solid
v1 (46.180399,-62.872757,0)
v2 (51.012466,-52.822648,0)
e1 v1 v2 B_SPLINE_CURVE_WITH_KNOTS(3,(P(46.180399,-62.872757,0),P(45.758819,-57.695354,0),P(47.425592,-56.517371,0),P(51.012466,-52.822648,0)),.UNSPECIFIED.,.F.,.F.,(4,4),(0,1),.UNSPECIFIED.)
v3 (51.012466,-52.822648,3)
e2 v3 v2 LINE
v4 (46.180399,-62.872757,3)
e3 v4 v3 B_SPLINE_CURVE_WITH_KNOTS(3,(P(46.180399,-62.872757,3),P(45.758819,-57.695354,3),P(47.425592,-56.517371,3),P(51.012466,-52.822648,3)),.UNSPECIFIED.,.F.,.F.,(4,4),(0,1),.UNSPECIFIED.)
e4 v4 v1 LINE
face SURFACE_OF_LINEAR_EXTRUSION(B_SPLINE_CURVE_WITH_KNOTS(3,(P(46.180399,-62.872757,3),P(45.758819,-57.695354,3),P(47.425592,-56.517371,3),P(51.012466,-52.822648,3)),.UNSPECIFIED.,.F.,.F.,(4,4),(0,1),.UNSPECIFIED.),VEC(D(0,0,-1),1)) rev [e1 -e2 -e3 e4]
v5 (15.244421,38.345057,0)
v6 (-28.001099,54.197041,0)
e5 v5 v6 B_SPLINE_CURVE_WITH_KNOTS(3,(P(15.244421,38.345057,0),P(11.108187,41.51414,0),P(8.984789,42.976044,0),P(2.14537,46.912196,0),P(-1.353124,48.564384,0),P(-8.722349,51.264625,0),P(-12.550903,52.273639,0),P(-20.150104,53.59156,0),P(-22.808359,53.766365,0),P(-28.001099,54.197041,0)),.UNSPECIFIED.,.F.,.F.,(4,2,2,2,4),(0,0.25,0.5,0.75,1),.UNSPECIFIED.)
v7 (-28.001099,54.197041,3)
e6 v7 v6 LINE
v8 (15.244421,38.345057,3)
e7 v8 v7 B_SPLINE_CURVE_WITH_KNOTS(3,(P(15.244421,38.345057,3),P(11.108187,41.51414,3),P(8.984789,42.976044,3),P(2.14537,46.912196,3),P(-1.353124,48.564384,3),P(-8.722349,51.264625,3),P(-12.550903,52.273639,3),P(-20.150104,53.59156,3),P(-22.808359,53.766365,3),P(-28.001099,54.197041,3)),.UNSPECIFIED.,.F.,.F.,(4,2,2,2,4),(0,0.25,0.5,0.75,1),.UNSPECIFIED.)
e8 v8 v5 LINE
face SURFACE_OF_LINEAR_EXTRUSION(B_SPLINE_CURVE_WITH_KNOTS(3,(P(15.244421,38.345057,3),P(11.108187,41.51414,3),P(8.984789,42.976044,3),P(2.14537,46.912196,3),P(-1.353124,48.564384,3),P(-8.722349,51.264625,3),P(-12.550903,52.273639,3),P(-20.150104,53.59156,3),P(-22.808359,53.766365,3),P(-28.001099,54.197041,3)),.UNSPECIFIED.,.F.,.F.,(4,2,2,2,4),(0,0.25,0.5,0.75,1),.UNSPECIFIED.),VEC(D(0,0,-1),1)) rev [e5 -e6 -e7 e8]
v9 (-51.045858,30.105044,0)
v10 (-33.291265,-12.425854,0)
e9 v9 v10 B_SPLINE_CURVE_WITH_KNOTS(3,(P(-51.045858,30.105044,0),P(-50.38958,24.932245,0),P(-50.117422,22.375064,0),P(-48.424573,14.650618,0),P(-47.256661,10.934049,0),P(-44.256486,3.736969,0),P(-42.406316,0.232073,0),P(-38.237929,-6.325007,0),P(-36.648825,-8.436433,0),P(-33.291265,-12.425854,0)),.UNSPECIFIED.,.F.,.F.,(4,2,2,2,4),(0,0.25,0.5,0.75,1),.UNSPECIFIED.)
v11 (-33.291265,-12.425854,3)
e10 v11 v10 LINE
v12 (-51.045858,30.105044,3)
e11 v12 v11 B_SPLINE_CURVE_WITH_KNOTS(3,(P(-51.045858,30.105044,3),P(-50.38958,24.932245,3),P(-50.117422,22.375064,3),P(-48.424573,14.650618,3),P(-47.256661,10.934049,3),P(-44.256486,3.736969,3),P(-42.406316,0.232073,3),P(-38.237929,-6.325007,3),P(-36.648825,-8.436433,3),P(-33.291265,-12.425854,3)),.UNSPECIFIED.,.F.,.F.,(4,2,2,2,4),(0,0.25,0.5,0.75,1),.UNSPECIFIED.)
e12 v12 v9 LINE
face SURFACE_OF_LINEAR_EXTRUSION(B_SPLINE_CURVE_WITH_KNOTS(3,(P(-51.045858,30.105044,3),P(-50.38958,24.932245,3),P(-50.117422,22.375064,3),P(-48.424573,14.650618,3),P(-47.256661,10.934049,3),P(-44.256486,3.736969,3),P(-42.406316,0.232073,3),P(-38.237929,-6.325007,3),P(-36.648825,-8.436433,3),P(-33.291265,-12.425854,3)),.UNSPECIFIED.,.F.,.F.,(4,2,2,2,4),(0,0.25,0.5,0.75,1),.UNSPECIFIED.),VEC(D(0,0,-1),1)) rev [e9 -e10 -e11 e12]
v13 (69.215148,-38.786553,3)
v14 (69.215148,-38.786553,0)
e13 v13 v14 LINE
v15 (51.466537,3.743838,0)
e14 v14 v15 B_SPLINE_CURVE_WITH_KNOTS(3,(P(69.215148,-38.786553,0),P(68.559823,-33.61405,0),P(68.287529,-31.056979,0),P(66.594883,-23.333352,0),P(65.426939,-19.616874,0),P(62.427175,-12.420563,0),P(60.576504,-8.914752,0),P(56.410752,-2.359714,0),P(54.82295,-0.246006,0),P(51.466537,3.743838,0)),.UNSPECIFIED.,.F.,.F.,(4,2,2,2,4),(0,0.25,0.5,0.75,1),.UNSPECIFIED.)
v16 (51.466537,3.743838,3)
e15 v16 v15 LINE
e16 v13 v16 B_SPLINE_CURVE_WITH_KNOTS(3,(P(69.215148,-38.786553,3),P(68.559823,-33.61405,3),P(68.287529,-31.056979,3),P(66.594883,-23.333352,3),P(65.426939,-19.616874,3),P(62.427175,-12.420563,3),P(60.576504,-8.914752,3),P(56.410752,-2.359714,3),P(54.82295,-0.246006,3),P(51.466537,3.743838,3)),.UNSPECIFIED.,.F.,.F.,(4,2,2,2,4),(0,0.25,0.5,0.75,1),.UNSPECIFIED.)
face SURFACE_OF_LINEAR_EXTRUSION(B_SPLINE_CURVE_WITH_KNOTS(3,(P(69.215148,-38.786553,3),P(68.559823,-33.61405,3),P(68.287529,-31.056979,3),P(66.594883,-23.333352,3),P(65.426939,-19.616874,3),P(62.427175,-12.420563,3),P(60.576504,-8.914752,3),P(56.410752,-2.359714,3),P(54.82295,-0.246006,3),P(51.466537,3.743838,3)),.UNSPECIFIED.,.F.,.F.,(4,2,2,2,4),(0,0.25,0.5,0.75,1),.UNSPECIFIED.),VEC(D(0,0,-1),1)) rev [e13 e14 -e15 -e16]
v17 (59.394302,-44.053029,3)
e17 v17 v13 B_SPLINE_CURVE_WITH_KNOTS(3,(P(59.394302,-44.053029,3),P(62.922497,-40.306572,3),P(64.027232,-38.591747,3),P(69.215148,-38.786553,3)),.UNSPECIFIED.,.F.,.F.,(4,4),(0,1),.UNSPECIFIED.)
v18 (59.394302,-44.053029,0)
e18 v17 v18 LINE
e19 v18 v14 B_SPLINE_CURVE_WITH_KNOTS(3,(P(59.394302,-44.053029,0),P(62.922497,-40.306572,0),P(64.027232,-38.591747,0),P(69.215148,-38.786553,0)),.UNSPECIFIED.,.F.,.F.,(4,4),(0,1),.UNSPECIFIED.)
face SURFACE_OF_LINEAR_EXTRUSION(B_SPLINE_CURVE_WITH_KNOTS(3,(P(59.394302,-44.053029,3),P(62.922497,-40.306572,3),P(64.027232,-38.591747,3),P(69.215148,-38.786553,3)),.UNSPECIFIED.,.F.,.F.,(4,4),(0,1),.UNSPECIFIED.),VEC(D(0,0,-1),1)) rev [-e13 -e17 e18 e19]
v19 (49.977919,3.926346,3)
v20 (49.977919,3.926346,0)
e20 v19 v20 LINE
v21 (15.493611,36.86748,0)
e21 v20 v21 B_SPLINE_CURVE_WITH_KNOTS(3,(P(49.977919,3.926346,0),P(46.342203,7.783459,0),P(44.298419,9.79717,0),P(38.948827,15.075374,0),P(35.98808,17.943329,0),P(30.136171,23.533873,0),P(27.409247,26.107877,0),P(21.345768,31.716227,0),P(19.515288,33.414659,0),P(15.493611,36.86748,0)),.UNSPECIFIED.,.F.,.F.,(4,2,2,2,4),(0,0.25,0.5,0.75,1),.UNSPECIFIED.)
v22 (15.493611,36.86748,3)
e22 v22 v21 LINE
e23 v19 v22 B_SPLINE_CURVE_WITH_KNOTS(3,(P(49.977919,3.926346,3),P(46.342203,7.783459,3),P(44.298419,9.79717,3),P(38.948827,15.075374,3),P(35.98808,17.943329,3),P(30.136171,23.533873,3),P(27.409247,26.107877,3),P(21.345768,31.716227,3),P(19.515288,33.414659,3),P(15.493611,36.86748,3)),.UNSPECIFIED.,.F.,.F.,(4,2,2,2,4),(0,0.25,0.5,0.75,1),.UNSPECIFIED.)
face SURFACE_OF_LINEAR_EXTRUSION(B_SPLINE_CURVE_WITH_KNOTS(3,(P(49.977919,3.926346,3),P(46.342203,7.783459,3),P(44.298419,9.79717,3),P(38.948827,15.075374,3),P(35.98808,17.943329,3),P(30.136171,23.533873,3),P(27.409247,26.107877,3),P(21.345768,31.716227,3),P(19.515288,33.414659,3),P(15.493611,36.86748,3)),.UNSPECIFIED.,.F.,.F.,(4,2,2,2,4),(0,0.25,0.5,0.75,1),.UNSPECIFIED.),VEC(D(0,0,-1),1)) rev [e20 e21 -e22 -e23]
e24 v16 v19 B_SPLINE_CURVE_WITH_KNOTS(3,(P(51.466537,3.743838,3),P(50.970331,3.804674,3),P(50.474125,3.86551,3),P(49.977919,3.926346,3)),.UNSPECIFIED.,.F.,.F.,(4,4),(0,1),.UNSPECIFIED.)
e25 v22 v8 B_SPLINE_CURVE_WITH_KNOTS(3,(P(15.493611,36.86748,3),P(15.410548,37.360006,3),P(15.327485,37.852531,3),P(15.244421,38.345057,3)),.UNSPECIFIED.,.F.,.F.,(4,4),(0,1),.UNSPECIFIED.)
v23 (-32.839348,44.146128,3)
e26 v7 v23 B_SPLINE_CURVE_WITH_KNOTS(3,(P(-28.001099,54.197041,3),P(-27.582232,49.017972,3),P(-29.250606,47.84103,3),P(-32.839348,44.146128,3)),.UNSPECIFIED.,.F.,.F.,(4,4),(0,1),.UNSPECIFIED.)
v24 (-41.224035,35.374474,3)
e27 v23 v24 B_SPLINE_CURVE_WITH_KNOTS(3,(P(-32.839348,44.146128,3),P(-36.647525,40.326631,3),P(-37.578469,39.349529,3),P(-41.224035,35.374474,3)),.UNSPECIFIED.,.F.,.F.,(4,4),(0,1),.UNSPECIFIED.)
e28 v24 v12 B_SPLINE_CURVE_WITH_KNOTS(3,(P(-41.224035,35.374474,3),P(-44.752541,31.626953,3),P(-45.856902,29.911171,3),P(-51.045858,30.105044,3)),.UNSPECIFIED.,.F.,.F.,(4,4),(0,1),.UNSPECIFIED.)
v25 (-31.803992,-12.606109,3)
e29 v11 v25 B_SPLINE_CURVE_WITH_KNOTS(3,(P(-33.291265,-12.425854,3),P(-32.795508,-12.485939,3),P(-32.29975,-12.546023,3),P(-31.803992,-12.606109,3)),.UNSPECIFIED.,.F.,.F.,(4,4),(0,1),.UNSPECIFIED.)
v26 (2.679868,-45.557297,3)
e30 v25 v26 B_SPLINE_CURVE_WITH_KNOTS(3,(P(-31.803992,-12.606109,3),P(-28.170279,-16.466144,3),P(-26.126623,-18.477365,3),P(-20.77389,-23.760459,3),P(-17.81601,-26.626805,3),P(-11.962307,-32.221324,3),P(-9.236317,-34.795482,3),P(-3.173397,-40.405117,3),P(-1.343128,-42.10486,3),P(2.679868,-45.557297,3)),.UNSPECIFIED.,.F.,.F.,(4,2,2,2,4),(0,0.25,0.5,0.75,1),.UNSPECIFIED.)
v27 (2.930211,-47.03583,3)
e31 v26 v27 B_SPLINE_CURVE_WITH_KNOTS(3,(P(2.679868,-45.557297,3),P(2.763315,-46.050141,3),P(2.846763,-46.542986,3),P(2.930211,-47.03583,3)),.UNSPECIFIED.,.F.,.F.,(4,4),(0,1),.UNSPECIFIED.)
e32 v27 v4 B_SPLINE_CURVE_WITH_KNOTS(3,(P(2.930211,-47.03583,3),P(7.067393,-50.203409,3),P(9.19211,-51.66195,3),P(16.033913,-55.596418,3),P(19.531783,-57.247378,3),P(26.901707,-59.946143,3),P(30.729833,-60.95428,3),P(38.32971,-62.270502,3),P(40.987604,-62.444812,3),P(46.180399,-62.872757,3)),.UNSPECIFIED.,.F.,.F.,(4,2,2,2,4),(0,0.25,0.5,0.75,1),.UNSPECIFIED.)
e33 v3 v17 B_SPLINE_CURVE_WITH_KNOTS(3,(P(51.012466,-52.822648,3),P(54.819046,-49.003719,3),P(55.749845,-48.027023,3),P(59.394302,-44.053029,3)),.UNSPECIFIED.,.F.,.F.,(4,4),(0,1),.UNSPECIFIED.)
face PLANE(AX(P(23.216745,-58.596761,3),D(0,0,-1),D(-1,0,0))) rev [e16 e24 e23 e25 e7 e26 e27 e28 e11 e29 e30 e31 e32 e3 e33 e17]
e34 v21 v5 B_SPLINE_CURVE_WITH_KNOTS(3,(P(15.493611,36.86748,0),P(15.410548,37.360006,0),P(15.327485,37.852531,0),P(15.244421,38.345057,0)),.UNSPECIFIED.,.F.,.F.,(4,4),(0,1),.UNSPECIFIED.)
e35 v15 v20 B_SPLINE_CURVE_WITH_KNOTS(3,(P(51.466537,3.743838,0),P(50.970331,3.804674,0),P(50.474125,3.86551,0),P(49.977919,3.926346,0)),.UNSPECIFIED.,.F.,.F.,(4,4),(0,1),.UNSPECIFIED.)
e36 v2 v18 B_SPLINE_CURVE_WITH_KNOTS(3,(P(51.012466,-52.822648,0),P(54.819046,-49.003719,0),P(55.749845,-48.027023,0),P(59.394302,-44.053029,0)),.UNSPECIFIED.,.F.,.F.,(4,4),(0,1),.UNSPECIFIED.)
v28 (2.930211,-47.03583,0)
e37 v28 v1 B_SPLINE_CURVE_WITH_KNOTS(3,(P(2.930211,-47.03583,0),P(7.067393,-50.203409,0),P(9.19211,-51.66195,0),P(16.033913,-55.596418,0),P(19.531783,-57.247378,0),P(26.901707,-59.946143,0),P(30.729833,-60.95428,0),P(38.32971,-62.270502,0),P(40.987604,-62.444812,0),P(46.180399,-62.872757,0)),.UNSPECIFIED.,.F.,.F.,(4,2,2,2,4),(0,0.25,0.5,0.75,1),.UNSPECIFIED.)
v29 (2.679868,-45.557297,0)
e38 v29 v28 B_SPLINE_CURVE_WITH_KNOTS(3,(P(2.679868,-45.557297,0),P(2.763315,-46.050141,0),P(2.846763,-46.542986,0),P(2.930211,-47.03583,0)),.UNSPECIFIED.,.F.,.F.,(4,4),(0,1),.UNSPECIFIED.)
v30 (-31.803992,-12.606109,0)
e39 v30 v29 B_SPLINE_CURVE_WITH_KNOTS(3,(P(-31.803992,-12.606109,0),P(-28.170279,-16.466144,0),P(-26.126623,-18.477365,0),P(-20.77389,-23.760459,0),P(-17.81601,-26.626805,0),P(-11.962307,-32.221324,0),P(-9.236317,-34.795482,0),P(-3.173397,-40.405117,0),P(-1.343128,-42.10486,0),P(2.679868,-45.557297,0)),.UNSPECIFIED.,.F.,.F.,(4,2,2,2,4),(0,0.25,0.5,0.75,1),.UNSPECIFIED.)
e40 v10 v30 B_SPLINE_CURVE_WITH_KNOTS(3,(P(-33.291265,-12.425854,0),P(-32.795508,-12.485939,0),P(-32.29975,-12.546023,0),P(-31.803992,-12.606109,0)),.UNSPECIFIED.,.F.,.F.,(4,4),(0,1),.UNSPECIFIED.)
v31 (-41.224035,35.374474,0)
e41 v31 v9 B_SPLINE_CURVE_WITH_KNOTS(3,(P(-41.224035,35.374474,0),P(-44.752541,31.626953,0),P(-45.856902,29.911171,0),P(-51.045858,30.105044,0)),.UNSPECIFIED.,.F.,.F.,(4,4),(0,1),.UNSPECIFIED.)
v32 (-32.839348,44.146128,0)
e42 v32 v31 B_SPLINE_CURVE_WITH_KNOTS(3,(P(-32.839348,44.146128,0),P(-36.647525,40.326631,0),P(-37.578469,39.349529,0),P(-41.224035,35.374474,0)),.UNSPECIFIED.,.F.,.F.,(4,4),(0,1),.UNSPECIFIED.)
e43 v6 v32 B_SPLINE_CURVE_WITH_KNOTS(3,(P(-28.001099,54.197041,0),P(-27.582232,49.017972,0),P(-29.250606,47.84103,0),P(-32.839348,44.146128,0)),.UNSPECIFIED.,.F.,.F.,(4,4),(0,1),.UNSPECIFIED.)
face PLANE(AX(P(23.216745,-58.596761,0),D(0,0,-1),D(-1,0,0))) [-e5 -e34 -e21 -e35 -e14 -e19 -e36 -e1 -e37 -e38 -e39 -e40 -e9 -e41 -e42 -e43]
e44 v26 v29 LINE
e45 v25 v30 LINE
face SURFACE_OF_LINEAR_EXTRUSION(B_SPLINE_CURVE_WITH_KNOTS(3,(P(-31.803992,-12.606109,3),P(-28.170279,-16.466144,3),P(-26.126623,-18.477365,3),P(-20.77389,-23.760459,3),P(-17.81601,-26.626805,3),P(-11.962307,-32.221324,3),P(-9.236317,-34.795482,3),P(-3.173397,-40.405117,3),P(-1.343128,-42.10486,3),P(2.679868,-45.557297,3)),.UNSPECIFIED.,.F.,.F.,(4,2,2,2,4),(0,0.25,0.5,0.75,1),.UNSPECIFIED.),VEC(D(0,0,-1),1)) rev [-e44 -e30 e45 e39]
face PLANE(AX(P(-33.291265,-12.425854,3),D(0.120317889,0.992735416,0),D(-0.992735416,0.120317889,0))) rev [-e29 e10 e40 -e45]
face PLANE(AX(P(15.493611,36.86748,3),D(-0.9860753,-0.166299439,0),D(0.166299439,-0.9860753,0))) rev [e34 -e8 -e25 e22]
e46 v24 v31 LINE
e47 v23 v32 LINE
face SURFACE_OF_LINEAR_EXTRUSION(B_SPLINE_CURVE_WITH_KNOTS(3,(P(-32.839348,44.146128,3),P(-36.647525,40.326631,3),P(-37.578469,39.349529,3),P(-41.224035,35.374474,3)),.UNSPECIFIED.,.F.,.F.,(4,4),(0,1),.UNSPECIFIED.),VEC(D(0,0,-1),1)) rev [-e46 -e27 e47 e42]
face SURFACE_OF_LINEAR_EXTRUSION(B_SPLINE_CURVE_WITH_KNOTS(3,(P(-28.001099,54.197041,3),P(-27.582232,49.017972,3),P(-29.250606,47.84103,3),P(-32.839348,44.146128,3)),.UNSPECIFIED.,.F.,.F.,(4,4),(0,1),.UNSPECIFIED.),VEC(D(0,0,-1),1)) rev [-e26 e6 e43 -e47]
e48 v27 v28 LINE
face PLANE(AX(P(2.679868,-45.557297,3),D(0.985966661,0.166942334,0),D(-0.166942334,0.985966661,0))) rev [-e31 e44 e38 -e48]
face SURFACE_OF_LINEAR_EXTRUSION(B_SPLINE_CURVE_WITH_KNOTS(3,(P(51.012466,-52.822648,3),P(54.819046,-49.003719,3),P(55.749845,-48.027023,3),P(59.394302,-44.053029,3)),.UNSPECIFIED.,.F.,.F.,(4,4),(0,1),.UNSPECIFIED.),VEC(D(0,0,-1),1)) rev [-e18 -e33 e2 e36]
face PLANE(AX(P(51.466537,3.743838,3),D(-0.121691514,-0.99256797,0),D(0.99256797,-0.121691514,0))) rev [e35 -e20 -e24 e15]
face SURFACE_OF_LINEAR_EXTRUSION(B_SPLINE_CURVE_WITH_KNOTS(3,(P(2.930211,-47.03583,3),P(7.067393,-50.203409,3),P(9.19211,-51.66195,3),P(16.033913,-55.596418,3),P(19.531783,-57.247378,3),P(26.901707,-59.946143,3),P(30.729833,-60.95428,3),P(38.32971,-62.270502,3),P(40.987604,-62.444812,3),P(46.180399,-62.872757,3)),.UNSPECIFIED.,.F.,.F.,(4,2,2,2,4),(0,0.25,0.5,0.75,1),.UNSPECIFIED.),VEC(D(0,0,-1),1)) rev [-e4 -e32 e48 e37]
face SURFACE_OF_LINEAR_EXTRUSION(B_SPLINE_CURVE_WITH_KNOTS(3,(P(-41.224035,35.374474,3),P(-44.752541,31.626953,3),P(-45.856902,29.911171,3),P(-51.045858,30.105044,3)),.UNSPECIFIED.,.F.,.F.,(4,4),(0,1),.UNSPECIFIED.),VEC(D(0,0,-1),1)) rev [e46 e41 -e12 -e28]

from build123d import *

# Parameters (mm, degrees)
EXTRUDE_1_DEPTH = 3


with BuildPart() as part:
    # Model → Бобышка-Вытянуть1 (new body)
    with BuildSketch(Plane.XY):
        with BuildLine():
            add(Edge.make_bspline(
                [(2.93021052, -47.035829845), (7.067392634, -50.203408799), (9.192109773, -51.661949534), (16.033912525, -55.596417645), (19.531782895, -57.247377963), (26.901706576, -59.946143344), (30.729833359, -60.954279881), (38.329709704, -62.270501958), (40.987603987, -62.444811681), (46.180399423, -62.872756714)],
                knots=[0, 0, 0, 0, 0.25, 0.25, 0.5, 0.5, 0.75, 0.75, 1, 1, 1, 1], degree=3))
            add(Edge.make_bspline(
                [(46.180399423, -62.872756714), (45.758819222, -57.695353797), (47.425592056, -56.517371281), (51.012465844, -52.822648474)],
                knots=[0, 0, 0, 0, 1, 1, 1, 1], degree=3))
            add(Edge.make_bspline(
                [(51.012465844, -52.822648474), (54.819045751, -49.003718884), (55.749845461, -48.027023084), (59.394302363, -44.053029207)],
                knots=[0, 0, 0, 0, 1, 1, 1, 1], degree=3))
            add(Edge.make_bspline(
                [(59.394302363, -44.053029207), (62.922497168, -40.306572328), (64.027232354, -38.591746706), (69.215147689, -38.786552958)],
                knots=[0, 0, 0, 0, 1, 1, 1, 1], degree=3))
            add(Edge.make_bspline(
                [(69.215147689, -38.786552958), (68.559823273, -33.614049971), (68.287529116, -31.05697886), (66.59488265, -23.333351959), (65.426938577, -19.616873752), (62.427174816, -12.420563312), (60.576503981, -8.914752048), (56.410752014, -2.359714152), (54.822950455, -0.246005976), (51.466536582, 3.743837686)],
                knots=[0, 0, 0, 0, 0.25, 0.25, 0.5, 0.5, 0.75, 0.75, 1, 1, 1, 1], degree=3))
            add(Edge.make_bspline(
                [(51.466536582, 3.743837686), (50.970330899, 3.804673675), (50.474125217, 3.865509664), (49.977918997, 3.926346223)],
                knots=[0, 0, 0, 0, 1, 1, 1, 1], degree=3))
            add(Edge.make_bspline(
                [(49.977918997, 3.926346223), (46.342202727, 7.78345872), (44.298418779, 9.797169906), (38.948827381, 15.075374053), (35.988080117, 17.943328603), (30.136171062, 23.533872679), (27.409247326, 26.107876823), (21.345767872, 31.71622684), (19.515288118, 33.414658565), (15.493611073, 36.867480358)],
                knots=[0, 0, 0, 0, 0.25, 0.25, 0.5, 0.5, 0.75, 0.75, 1, 1, 1, 1], degree=3))
            add(Edge.make_bspline(
                [(15.493611073, 36.867480358), (15.410547933, 37.360005635), (15.327484793, 37.852530912), (15.244421071, 38.345056635)],
                knots=[0, 0, 0, 0, 1, 1, 1, 1], degree=3))
            add(Edge.make_bspline(
                [(15.244421071, 38.345056635), (11.108187375, 41.514140361), (8.984789105, 42.976044064), (2.145370456, 46.912195843), (-1.353124309, 48.564383816), (-8.722349322, 51.264624949), (-12.550903021, 52.273639492), (-20.150103838, 53.591559824), (-22.808358534, 53.766364957), (-28.001098537, 54.197041453)],
                knots=[0, 0, 0, 0, 0.25, 0.25, 0.5, 0.5, 0.75, 0.75, 1, 1, 1, 1], degree=3))
            add(Edge.make_bspline(
                [(-28.001098537, 54.197041453), (-27.582231733, 49.017972156), (-29.250606315, 47.841029904), (-32.8393479, 44.146128414)],
                knots=[0, 0, 0, 0, 1, 1, 1, 1], degree=3))
            add(Edge.make_bspline(
                [(-32.8393479, 44.146128414), (-36.647524986, 40.326630555), (-37.578469348, 39.349528956), (-41.224035005, 35.374474336)],
                knots=[0, 0, 0, 0, 1, 1, 1, 1], degree=3))
            add(Edge.make_bspline(
                [(-41.224035005, 35.374474336), (-44.752541009, 31.62695264), (-45.856901974, 29.91117122), (-51.045858414, 30.105043834)],
                knots=[0, 0, 0, 0, 1, 1, 1, 1], degree=3))
            add(Edge.make_bspline(
                [(-51.045858414, 30.105043834), (-50.389579788, 24.932244901), (-50.117422171, 22.37506422), (-48.424572599, 14.650618487), (-47.256661176, 10.934049352), (-44.25648622, 3.736968832), (-42.406315611, 0.232073048), (-38.237929287, -6.32500722), (-36.648825155, -8.436432959), (-33.291264991, -12.425853712)],
                knots=[0, 0, 0, 0, 0.25, 0.25, 0.5, 0.5, 0.75, 0.75, 1, 1, 1, 1], degree=3))
            add(Edge.make_bspline(
                [(-33.291264991, -12.425853712), (-32.795507537, -12.485938527), (-32.299750083, -12.546023343), (-31.803992094, -12.606108726)],
                knots=[0, 0, 0, 0, 1, 1, 1, 1], degree=3))
            add(Edge.make_bspline(
                [(-31.803992094, -12.606108726), (-28.170279016, -16.466143921), (-26.126623202, -18.477365459), (-20.773889604, -23.760459388), (-17.816009711, -26.626804665), (-11.962306891, -32.22132381), (-9.236316952, -34.795481786), (-3.173396654, -40.405117229), (-1.343127714, -42.10485992), (2.679867651, -45.557297003)],
                knots=[0, 0, 0, 0, 0.25, 0.25, 0.5, 0.5, 0.75, 0.75, 1, 1, 1, 1], degree=3))
            add(Edge.make_bspline(
                [(2.679867651, -45.557297003), (2.763315274, -46.050141284), (2.846762897, -46.542985564), (2.93021052, -47.035829845)],
                knots=[0, 0, 0, 0, 1, 1, 1, 1], degree=3))
        make_face()
    extrude(amount=EXTRUDE_1_DEPTH)


solid = part.part
